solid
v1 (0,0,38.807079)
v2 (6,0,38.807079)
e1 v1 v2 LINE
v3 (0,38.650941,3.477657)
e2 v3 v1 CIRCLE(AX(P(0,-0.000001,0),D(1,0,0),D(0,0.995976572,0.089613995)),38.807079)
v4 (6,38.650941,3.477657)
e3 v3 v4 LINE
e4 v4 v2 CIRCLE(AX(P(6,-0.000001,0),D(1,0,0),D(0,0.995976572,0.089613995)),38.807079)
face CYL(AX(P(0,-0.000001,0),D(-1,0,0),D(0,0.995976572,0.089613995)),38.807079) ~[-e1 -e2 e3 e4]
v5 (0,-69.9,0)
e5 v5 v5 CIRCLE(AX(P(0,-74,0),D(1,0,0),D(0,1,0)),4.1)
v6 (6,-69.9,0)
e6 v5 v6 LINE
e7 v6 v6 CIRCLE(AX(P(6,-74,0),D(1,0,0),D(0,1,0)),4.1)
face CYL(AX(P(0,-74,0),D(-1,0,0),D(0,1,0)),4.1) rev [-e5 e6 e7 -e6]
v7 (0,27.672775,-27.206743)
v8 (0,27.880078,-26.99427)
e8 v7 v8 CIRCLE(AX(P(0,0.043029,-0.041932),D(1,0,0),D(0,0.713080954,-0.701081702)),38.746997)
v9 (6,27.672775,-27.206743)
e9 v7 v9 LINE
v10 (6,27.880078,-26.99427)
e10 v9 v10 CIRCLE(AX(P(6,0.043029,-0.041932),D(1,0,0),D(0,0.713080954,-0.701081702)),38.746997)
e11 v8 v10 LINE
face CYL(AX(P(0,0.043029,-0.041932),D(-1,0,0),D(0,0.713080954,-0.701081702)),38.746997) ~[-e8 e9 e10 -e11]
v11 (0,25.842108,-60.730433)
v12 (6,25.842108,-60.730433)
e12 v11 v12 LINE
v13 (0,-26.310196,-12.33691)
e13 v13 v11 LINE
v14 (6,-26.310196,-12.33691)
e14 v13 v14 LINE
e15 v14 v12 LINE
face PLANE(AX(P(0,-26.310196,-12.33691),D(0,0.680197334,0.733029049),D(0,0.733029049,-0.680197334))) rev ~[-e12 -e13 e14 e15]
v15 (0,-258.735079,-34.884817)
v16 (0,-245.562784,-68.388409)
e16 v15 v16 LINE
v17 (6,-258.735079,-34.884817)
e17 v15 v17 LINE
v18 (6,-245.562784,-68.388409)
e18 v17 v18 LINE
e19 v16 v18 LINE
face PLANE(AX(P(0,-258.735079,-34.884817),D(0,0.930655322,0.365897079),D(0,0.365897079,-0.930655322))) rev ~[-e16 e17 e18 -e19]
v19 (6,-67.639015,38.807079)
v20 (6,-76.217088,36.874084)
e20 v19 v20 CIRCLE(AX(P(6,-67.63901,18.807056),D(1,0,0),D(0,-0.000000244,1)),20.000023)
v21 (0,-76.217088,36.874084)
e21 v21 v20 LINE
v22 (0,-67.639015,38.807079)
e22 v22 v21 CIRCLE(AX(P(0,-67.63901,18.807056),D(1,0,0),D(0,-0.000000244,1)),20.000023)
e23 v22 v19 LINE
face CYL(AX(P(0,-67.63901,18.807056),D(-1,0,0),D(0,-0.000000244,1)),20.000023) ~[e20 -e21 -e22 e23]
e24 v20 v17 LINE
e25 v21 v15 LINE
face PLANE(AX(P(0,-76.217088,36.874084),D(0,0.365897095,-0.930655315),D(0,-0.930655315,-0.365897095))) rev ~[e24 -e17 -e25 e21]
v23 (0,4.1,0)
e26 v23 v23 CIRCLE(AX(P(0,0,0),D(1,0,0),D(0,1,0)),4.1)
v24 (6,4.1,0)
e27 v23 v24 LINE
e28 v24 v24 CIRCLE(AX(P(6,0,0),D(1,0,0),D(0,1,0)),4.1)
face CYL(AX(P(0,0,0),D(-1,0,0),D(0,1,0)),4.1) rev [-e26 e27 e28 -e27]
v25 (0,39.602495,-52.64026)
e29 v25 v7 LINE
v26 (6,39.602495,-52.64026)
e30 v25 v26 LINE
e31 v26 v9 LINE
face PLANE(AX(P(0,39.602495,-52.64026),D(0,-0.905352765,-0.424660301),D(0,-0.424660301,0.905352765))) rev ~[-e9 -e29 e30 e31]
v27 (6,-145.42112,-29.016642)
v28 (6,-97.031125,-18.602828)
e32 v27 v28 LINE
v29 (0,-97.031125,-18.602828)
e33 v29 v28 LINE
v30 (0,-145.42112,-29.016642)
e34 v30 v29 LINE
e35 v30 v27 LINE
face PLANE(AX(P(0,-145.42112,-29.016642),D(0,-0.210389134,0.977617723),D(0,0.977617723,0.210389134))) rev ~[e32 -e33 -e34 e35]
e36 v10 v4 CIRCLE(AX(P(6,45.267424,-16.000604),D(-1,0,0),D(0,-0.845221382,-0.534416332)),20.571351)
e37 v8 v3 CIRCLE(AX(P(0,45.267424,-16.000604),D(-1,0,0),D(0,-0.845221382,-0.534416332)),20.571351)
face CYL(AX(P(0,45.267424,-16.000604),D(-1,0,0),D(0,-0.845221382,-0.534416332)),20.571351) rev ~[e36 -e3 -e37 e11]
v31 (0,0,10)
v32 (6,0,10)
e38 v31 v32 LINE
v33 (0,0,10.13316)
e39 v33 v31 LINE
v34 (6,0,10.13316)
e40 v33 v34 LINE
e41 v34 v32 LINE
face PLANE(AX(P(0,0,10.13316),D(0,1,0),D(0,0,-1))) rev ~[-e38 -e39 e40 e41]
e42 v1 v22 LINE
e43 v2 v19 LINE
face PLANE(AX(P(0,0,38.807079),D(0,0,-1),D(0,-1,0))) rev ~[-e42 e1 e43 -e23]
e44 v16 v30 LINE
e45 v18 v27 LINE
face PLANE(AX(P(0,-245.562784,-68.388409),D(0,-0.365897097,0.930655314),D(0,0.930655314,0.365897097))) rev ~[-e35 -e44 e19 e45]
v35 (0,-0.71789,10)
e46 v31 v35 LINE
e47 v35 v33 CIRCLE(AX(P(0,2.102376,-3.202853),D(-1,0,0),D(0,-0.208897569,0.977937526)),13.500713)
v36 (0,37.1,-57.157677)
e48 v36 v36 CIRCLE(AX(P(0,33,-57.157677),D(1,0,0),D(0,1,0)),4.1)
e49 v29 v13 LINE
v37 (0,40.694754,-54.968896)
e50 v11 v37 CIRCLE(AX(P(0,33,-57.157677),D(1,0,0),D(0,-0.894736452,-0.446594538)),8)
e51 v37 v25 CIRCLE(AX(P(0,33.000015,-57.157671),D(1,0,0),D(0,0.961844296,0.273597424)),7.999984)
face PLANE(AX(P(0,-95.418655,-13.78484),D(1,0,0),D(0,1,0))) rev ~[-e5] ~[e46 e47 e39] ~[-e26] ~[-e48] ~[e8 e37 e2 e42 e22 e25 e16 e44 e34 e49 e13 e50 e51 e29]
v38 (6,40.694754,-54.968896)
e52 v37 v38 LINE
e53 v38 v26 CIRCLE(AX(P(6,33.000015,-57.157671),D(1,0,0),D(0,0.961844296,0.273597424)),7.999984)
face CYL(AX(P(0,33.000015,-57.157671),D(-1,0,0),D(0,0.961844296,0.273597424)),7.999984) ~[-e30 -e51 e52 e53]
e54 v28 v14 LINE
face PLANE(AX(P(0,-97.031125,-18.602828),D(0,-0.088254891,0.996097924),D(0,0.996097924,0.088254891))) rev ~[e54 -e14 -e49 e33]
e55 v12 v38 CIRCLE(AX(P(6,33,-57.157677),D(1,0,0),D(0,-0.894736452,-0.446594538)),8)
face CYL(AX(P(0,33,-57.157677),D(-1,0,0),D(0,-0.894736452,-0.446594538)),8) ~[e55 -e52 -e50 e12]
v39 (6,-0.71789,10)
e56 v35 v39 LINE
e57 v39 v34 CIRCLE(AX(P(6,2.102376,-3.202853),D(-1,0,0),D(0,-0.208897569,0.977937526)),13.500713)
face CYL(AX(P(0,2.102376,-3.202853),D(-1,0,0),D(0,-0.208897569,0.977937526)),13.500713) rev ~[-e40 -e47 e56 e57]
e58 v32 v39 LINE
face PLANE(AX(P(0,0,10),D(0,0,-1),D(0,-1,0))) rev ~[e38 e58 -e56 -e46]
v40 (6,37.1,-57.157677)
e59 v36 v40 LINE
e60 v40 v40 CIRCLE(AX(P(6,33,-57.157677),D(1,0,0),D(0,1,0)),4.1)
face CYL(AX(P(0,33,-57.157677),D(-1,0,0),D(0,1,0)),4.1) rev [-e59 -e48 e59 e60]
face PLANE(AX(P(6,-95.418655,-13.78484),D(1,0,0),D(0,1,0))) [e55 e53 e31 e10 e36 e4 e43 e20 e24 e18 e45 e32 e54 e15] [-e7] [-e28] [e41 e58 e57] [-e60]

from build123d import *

# Parameters (mm, degrees)
F0_R     = 4.1
F1_DEPTH = 6


with BuildPart() as f1:
    # F0 (on Right) → F1 (new body)
    with BuildSketch(Plane.YZ):
        with BuildLine():
            ThreePointArc((38.650941, 3.477657), (26.182357, 28.643909), (0, 38.807079))
            Line((0, 38.807079), (-67.639015, 38.807079))
            ThreePointArc((-67.639015, 38.807079), (-72.035599, 38.317846), (-76.217088, 36.874084))
            Line((-76.217088, 36.874084), (-258.735079, -34.884817))
            Line((-258.735079, -34.884817), (-245.562784, -68.388409))
            Line((-245.562784, -68.388409), (-145.42112, -29.016642))
            Line((-145.42112, -29.016642), (-97.031125, -18.602828))
            Line((-97.031125, -18.602828), (-26.310196, -12.33691))
            Line((-26.310196, -12.33691), (25.842108, -60.730433))
            ThreePointArc((25.842108, -60.730433), (35.893247, -64.61617), (40.694754, -54.968896))
            Line((40.694754, -54.968896), (39.602495, -52.64026))
            Line((39.602495, -52.64026), (27.672775, -27.206743))
            ThreePointArc((27.672775, -27.206743), (27.77663, -27.100705), (27.880078, -26.99427))
            ThreePointArc((27.880078, -26.99427), (25.87205, -9.144952), (38.650941, 3.477657))
        make_face()
        with Locations((33, -57.157677)):
            Circle(F0_R, mode=Mode.SUBTRACT)
        with Locations((-74, 0)):
            Circle(F0_R, mode=Mode.SUBTRACT)
        Circle(F0_R, mode=Mode.SUBTRACT)
        with BuildLine():
            Line((0, 10.13316), (0, 10))
            Line((0, 10), (-0.71789, 10))
            ThreePointArc((-0.71789, 10), (-0.359845, 10.071434), (0, 10.13316))
        make_face(mode=Mode.SUBTRACT)
        with BuildLine():
            ThreePointArc((40.694754, -54.968896), (40.242822, -53.760394), (39.602495, -52.64026))
            Line((39.602495, -52.64026), (40.694754, -54.968896))
        make_face()
    extrude(amount=F1_DEPTH)


solid = f1.part
